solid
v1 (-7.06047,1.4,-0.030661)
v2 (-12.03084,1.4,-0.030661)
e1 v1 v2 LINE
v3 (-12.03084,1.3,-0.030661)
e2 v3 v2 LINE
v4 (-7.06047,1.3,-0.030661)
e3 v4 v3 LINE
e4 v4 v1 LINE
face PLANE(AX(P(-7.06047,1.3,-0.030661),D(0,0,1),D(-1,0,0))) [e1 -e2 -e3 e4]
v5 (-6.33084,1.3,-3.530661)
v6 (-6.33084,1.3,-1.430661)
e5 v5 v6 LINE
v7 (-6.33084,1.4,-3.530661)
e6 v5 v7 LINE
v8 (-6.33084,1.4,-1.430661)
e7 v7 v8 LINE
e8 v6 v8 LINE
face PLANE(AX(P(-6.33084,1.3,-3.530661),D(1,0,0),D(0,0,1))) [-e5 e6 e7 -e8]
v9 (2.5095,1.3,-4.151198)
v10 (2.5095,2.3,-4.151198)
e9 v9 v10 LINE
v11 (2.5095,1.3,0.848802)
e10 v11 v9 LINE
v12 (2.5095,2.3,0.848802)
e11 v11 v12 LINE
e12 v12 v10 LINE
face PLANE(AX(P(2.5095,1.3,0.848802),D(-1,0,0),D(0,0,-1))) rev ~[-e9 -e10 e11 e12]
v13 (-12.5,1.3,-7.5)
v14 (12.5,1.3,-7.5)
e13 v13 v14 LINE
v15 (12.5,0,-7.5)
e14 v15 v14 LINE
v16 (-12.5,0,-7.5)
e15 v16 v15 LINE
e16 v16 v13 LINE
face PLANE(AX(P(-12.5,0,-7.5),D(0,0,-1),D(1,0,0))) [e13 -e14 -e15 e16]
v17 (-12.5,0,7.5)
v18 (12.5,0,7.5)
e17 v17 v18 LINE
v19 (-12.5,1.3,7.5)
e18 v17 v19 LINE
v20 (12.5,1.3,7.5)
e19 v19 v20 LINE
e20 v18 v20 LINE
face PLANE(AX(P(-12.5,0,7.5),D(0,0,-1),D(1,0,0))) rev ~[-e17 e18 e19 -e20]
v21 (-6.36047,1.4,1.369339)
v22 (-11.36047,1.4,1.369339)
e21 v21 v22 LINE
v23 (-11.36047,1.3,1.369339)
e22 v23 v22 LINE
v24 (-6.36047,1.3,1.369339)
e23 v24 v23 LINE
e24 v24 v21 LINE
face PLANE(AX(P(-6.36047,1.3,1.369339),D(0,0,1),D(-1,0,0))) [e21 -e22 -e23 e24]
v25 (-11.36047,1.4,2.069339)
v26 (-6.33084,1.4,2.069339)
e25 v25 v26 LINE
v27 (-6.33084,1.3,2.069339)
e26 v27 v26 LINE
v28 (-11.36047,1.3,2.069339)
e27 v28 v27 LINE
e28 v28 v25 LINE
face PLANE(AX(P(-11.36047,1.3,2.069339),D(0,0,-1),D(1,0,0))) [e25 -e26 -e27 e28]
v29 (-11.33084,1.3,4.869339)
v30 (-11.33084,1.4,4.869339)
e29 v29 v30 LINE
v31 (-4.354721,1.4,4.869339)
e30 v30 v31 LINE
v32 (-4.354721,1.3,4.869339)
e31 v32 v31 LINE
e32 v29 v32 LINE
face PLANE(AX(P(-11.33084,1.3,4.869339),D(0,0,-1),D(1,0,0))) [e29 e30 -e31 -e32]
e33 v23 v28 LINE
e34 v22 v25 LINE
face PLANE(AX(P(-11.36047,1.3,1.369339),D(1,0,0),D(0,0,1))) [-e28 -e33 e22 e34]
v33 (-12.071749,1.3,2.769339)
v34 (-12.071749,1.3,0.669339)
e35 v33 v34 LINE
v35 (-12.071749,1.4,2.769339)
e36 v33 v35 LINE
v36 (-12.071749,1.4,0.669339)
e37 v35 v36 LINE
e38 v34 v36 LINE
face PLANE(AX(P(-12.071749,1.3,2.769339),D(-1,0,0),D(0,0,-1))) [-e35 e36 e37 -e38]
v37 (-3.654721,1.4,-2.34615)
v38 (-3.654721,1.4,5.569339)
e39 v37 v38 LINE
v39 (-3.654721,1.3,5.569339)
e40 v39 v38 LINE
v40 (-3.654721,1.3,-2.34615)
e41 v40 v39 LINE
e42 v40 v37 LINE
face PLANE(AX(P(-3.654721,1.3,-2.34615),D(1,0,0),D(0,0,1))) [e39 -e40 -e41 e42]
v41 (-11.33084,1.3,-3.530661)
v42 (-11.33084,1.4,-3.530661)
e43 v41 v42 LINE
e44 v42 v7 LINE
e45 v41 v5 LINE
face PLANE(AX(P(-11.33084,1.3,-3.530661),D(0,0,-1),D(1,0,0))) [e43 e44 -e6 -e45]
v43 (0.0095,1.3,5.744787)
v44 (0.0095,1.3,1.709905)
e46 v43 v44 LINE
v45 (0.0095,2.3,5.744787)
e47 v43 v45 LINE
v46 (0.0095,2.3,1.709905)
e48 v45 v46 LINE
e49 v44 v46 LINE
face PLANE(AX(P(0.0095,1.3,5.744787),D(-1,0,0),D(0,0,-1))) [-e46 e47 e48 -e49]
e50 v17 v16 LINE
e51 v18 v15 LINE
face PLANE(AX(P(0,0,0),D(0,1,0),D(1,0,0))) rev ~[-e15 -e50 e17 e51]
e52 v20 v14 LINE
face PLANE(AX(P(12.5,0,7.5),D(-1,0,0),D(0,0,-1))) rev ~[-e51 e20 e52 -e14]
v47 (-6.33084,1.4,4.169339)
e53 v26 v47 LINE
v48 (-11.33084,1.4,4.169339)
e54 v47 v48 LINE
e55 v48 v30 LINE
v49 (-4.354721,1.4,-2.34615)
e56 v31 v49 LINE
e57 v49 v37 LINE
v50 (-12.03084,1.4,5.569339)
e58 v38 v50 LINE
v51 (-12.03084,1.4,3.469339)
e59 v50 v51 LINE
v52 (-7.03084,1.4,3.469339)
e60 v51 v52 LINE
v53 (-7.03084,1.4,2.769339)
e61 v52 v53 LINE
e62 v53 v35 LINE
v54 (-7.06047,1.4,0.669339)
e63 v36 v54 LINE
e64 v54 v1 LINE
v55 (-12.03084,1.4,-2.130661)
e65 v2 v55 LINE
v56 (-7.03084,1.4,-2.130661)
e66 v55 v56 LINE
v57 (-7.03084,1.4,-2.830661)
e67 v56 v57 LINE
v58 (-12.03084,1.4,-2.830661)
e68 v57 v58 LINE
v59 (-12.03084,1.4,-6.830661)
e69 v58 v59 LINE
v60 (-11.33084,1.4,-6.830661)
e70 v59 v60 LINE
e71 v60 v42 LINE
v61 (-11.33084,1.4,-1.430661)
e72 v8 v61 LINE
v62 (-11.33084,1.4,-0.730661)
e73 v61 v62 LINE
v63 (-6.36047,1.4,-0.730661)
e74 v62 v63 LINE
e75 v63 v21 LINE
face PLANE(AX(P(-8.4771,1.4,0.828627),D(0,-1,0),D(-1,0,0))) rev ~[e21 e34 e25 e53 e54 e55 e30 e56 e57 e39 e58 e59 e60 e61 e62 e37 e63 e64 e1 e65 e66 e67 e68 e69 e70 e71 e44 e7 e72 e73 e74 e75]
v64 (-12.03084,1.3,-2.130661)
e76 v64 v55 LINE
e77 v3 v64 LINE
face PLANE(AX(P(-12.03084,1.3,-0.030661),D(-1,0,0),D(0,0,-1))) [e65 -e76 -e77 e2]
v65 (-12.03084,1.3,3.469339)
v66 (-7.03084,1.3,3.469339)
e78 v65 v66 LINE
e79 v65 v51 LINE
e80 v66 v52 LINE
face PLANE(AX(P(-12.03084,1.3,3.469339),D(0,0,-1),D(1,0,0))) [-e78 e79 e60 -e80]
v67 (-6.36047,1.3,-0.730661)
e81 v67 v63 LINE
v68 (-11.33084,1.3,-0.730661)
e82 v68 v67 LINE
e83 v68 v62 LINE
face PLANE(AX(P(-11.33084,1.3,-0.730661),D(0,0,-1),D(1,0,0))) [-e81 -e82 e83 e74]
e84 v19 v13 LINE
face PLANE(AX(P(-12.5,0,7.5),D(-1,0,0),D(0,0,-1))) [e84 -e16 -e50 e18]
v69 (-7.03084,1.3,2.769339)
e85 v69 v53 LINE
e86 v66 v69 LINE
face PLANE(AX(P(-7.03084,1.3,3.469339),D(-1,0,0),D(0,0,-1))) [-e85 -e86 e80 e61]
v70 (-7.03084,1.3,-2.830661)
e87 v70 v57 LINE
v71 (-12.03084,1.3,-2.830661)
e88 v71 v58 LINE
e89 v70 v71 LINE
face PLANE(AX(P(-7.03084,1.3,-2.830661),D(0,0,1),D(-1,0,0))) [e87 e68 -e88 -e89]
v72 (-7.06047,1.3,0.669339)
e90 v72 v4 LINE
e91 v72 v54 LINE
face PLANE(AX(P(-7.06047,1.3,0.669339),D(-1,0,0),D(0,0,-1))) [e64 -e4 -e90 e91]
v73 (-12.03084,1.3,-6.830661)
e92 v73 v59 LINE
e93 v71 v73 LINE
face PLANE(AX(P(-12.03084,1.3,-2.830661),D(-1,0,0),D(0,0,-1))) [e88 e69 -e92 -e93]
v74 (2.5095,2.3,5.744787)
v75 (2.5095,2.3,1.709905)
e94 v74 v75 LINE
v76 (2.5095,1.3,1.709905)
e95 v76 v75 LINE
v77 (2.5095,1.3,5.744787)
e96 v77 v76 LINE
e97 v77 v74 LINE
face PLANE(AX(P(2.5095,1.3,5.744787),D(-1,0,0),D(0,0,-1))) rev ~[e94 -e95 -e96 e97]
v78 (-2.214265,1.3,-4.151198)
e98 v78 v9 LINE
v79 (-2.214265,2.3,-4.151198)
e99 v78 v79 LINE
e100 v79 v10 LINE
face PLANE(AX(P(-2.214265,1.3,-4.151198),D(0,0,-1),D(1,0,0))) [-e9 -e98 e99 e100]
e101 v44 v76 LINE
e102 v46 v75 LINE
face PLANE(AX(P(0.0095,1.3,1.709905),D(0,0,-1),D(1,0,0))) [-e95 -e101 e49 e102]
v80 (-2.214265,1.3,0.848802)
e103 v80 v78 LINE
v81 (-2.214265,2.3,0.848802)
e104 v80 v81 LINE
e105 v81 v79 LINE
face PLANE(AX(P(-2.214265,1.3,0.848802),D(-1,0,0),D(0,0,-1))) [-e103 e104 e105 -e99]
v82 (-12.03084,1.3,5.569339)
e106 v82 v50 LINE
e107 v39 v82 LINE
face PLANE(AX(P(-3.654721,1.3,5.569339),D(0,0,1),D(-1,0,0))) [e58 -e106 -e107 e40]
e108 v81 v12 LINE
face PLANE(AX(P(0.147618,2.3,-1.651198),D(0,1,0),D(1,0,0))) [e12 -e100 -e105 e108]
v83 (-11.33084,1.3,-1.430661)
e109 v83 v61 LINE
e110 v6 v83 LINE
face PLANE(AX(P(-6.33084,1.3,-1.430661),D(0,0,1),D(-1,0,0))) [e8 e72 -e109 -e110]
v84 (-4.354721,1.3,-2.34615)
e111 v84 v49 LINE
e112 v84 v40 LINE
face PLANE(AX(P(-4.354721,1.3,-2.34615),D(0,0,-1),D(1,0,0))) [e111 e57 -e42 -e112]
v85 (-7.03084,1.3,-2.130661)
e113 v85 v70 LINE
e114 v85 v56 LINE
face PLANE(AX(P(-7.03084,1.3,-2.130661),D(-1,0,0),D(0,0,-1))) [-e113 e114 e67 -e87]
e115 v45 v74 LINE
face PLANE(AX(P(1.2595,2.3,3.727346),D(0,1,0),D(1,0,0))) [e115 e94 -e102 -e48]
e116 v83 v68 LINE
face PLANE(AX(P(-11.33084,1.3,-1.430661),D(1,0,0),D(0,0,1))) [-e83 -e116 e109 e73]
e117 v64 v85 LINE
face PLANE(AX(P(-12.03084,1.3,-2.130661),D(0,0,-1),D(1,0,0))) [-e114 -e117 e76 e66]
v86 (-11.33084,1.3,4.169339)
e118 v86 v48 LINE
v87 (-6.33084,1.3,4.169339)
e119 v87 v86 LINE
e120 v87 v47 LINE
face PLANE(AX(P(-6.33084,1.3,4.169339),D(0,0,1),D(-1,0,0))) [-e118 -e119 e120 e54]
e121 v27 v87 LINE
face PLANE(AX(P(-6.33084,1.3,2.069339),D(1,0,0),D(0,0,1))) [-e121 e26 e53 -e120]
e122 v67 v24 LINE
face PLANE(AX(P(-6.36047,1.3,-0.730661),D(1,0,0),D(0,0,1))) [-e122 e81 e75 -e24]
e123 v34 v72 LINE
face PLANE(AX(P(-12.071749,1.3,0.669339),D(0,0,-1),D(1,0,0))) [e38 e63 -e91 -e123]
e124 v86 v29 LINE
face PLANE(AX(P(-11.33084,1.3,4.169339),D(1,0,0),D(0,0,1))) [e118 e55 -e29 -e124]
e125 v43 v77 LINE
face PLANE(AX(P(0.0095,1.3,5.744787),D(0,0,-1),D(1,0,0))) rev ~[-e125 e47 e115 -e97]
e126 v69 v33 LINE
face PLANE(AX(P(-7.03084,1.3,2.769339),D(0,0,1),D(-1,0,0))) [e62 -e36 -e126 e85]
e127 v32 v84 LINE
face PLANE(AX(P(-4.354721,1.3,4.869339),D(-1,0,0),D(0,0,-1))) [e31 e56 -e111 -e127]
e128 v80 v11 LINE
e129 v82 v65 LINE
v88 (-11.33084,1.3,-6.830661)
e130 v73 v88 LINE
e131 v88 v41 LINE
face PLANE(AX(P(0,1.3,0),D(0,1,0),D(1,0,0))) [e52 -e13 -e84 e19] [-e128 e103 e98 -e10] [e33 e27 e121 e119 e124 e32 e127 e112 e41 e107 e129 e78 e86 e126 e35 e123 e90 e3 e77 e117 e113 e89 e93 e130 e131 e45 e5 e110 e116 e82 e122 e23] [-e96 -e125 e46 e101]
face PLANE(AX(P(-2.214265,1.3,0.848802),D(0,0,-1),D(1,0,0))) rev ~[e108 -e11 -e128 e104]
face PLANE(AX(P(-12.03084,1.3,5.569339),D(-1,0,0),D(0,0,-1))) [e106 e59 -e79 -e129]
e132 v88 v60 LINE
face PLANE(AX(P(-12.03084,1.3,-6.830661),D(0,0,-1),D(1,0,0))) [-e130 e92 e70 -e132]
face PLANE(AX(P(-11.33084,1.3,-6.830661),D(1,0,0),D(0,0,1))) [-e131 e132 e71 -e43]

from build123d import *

# Parameters (mm, degrees)
SKETCH1_W           = 25
SKETCH1_H           = 15
BOSS_EXTRUDE1_DEPTH = 1.3
BOSS_EXTRUDE2_DEPTH = 0.1
SKETCH3_W           = 4.723765288
SKETCH3_H           = 5
SKETCH3_W_2         = 2.5
SKETCH3_H_2         = 4.03488285
BOSS_EXTRUDE3_DEPTH = 1


with BuildPart() as part:
    # Sketch1 → Boss-Extrude1 (new body)
    with BuildSketch(Plane(origin=(0, 0, 0), x_dir=(1, 0, 0), z_dir=(0, 1, 0))):
        Rectangle(SKETCH1_W, SKETCH1_H)
    extrude(amount=BOSS_EXTRUDE1_DEPTH)

    # Sketch2 → Boss-Extrude2 (add)
    with BuildSketch(Plane(origin=(0, 1.3, 0), x_dir=(1, 0, 0), z_dir=(0, 1, 0))):
        Polygon((-3.654721125, -5.569339468), (-12.030839718, -5.569339468), (-12.030839718, -3.469339468), (-7.030839718, -3.469339468), (-7.030839718, -2.769339468), (-12.071748872, -2.769339468), (-12.071748872, -0.669339468), (-7.060469733, -0.669339468), (-7.060469733, 0.030660532), (-12.030839718, 0.030660532), (-12.030839718, 2.130660532), (-7.030839718, 2.130660532), (-7.030839718, 2.830660532), (-12.030839718, 2.830660532), (-12.030839718, 6.830660532), (-11.330839718, 6.830660532), (-11.330839718, 3.530660532), (-6.330839718, 3.530660532), (-6.330839718, 1.430660532), (-11.330839718, 1.430660532), (-11.330839718, 0.730660532), (-6.360469733, 0.730660532), (-6.360469733, -1.369339468), (-11.360469733, -1.369339468), (-11.360469733, -2.069339468), (-6.330839718, -2.069339468), (-6.330839718, -4.169339468), (-11.330839718, -4.169339468), (-11.330839718, -4.869339468), (-4.354721125, -4.869339468), (-4.354721125, 2.346150012), (-3.654721125, 2.346150012), align=None)
    extrude(amount=BOSS_EXTRUDE2_DEPTH)

    # Sketch3 → Boss-Extrude3 (add)
    with BuildSketch(Plane(origin=(0, 1.3, 0), x_dir=(1, 0, 0), z_dir=(0, 1, 0))):
        with Locations((0.147617665, 1.651198425)):
            Rectangle(SKETCH3_W, SKETCH3_H)
        with Locations((1.259500309, -3.727346048)):
            Rectangle(SKETCH3_W_2, SKETCH3_H_2)
    extrude(amount=BOSS_EXTRUDE3_DEPTH)


solid = part.part
